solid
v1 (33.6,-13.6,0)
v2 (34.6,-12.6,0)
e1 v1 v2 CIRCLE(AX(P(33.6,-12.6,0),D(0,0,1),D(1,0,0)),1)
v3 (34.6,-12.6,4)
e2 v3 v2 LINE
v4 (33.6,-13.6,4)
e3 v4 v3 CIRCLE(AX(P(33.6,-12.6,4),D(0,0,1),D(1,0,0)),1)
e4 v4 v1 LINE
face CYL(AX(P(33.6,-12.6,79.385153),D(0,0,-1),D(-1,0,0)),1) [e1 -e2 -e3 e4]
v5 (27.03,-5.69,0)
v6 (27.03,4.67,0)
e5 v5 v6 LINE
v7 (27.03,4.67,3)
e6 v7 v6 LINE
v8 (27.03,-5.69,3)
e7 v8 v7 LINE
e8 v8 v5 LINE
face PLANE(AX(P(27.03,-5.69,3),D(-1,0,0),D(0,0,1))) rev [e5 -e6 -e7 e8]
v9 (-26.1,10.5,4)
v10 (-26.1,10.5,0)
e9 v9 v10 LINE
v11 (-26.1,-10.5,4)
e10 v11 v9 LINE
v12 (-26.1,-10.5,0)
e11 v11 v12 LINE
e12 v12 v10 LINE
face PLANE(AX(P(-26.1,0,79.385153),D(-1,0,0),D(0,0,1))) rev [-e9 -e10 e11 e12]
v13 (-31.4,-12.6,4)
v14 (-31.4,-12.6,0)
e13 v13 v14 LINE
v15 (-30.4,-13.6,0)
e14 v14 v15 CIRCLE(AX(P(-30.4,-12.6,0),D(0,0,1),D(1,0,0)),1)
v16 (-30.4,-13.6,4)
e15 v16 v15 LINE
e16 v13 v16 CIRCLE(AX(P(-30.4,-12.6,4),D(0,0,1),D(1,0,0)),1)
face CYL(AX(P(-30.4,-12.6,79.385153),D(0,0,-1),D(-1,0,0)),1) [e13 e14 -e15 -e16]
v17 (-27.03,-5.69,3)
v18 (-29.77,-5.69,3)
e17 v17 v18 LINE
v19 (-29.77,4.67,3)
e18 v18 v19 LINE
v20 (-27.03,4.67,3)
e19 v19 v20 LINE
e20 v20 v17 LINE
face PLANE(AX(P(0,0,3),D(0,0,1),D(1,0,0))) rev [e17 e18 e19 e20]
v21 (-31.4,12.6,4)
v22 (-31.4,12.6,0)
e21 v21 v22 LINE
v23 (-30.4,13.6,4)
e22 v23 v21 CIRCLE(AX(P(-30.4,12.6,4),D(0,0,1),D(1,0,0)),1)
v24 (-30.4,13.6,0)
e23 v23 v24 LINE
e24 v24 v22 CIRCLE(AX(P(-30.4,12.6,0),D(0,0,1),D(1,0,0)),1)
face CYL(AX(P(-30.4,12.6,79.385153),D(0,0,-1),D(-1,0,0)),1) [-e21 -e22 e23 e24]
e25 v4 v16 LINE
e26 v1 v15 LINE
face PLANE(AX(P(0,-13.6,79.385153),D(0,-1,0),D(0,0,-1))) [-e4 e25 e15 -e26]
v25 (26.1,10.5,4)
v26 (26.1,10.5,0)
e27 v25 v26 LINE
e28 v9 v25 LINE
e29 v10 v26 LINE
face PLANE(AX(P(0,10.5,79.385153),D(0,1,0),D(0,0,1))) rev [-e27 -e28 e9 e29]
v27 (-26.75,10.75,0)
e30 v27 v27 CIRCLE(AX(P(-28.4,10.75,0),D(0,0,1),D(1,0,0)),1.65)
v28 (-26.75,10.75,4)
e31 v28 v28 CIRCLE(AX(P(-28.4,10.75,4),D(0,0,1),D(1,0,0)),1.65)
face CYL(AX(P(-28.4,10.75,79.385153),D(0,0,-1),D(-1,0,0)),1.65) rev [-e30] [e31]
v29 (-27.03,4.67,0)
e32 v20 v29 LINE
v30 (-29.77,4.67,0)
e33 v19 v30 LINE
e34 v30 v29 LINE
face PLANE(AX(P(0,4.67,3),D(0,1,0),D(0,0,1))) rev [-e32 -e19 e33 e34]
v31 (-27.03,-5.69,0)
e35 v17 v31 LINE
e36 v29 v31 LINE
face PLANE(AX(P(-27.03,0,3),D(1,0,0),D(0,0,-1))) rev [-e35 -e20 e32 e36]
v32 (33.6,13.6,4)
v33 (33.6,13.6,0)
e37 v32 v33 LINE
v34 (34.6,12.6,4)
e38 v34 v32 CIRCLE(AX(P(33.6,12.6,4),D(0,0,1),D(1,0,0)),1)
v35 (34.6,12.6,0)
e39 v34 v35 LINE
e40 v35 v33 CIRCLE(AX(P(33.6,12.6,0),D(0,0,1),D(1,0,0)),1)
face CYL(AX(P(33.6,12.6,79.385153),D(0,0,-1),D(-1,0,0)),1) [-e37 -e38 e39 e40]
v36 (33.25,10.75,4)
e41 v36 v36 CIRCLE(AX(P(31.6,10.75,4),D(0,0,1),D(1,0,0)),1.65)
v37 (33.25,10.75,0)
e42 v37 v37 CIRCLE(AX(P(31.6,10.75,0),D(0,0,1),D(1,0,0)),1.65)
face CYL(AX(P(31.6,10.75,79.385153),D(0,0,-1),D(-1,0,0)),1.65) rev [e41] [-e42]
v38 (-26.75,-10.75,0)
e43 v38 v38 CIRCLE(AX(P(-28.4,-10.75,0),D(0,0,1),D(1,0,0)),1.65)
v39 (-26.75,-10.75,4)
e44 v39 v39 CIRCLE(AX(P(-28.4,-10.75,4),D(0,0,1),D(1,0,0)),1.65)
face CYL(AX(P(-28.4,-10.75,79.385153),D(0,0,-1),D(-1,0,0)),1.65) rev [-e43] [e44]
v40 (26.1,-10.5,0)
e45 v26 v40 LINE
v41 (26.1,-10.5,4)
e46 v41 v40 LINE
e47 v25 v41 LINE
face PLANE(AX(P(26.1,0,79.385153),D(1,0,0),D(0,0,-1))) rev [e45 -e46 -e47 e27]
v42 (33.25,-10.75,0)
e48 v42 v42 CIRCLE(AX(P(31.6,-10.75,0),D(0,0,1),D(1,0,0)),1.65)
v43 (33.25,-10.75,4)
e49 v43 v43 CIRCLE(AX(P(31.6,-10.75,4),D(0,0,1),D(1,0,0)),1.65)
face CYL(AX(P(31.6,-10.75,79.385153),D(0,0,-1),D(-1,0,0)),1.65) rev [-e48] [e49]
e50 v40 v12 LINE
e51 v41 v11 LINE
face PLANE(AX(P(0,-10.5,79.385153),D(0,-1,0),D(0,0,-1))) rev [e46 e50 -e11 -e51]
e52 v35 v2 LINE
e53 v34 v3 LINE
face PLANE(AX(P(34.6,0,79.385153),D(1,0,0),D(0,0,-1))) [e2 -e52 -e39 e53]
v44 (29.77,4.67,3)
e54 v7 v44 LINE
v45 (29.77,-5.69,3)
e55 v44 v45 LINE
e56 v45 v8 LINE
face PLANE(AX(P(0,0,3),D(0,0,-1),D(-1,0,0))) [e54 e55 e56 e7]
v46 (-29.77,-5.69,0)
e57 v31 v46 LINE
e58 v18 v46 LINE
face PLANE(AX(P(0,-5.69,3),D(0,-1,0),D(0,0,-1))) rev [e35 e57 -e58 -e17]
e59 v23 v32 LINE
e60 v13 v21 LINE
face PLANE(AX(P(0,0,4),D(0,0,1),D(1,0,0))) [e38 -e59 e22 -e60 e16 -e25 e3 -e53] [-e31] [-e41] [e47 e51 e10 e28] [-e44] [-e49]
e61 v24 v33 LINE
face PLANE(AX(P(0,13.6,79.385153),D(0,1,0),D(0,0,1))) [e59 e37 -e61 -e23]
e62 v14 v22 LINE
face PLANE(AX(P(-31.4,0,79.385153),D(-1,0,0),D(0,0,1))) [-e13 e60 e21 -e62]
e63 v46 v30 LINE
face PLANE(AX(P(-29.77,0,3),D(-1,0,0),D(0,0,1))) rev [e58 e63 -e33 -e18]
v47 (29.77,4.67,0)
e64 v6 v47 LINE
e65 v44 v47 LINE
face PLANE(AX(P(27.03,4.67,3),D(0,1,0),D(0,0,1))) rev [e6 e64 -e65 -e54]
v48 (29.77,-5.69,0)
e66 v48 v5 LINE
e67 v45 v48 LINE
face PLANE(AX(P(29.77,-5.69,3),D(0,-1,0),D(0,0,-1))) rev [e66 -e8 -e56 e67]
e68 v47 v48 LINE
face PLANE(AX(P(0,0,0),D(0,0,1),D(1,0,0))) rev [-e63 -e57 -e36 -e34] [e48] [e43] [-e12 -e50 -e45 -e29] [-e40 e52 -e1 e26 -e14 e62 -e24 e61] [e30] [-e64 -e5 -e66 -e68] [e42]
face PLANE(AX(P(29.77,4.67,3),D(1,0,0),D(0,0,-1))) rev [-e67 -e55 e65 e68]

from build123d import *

# Parameters (mm, degrees)
SKETCH2_W           = 52.2
SKETCH2_H           = 21
SKETCH2_W_2         = 2.74
SKETCH2_H_2         = 10.36
BOSS_EXTRUDE1_DEPTH = 4
SKETCH2_3_W         = 2.74
SKETCH2_3_H         = 10.36
CUT_EXTRUDE1_DEPTH  = 3


with BuildPart() as part:
    # Sketch2 → Boss-Extrude1 (new body)
    # profile 1 of 3: a face of its own
    with BuildSketch(Plane.XY):
        with BuildLine():
            Line((34.6, 12.6), (34.6, -12.6))
            ThreePointArc((34.6, -12.6), (34.307106781, -13.307106781), (33.6, -13.6))
            Line((33.6, -13.6), (-30.4, -13.6))
            ThreePointArc((-30.4, -13.6), (-31.107106781, -13.307106781), (-31.4, -12.6))
            Line((-31.4, -12.6), (-31.4, 12.6))
            ThreePointArc((-31.4, 12.6), (-31.107106781, 13.307106781), (-30.4, 13.6))
            Line((-30.4, 13.6), (33.6, 13.6))
            ThreePointArc((33.6, 13.6), (34.307106781, 13.307106781), (34.6, 12.6))
        make_face()
        with BuildLine():
            ThreePointArc((-26.951988773, 9.958947861), (-27.608947861, 12.198011227), (-29.848011227, 11.541052139))
            ThreePointArc((-29.848011227, 11.541052139), (-29.191052139, 9.301988773), (-26.951988773, 9.958947861))
        make_face(mode=Mode.SUBTRACT)
        with BuildLine():
            ThreePointArc((-26.951988773, -11.541052139), (-27.608947861, -9.301988773), (-29.848011227, -9.958947861))
            ThreePointArc((-29.848011227, -9.958947861), (-29.191052139, -12.198011227), (-26.951988773, -11.541052139))
        make_face(mode=Mode.SUBTRACT)
        with BuildLine():
            ThreePointArc((33.048011227, -11.541052139), (32.391052139, -9.301988773), (30.151988773, -9.958947861))
            ThreePointArc((30.151988773, -9.958947861), (30.808947861, -12.198011227), (33.048011227, -11.541052139))
        make_face(mode=Mode.SUBTRACT)
        with BuildLine():
            ThreePointArc((33.048011227, 9.958947861), (32.391052139, 12.198011227), (30.151988773, 11.541052139))
            ThreePointArc((30.151988773, 11.541052139), (30.808947861, 9.301988773), (33.048011227, 9.958947861))
        make_face(mode=Mode.SUBTRACT)
        Rectangle(SKETCH2_W, SKETCH2_H, mode=Mode.SUBTRACT)
    # profile 2 of 3: a face of its own
    with BuildSketch(Plane.XY):
        with Locations((-28.4, -0.51)):
            Rectangle(SKETCH2_W_2, SKETCH2_H_2)
    # profile 3 of 3: a face of its own
    with BuildSketch(Plane.XY):
        with Locations((28.4, -0.51)):
            Rectangle(SKETCH2_W_2, SKETCH2_H_2)
    extrude(amount=BOSS_EXTRUDE1_DEPTH)

    # Sketch2<3> → Cut-Extrude1 (cut)
    with BuildSketch(Plane.XY):
        with Locations((-28.4, -0.51)):
            Rectangle(SKETCH2_3_W, SKETCH2_3_H)
        with Locations((28.4, -0.51)):
            Rectangle(SKETCH2_3_W, SKETCH2_3_H)
    extrude(amount=CUT_EXTRUDE1_DEPTH, mode=Mode.SUBTRACT)


solid = part.part
